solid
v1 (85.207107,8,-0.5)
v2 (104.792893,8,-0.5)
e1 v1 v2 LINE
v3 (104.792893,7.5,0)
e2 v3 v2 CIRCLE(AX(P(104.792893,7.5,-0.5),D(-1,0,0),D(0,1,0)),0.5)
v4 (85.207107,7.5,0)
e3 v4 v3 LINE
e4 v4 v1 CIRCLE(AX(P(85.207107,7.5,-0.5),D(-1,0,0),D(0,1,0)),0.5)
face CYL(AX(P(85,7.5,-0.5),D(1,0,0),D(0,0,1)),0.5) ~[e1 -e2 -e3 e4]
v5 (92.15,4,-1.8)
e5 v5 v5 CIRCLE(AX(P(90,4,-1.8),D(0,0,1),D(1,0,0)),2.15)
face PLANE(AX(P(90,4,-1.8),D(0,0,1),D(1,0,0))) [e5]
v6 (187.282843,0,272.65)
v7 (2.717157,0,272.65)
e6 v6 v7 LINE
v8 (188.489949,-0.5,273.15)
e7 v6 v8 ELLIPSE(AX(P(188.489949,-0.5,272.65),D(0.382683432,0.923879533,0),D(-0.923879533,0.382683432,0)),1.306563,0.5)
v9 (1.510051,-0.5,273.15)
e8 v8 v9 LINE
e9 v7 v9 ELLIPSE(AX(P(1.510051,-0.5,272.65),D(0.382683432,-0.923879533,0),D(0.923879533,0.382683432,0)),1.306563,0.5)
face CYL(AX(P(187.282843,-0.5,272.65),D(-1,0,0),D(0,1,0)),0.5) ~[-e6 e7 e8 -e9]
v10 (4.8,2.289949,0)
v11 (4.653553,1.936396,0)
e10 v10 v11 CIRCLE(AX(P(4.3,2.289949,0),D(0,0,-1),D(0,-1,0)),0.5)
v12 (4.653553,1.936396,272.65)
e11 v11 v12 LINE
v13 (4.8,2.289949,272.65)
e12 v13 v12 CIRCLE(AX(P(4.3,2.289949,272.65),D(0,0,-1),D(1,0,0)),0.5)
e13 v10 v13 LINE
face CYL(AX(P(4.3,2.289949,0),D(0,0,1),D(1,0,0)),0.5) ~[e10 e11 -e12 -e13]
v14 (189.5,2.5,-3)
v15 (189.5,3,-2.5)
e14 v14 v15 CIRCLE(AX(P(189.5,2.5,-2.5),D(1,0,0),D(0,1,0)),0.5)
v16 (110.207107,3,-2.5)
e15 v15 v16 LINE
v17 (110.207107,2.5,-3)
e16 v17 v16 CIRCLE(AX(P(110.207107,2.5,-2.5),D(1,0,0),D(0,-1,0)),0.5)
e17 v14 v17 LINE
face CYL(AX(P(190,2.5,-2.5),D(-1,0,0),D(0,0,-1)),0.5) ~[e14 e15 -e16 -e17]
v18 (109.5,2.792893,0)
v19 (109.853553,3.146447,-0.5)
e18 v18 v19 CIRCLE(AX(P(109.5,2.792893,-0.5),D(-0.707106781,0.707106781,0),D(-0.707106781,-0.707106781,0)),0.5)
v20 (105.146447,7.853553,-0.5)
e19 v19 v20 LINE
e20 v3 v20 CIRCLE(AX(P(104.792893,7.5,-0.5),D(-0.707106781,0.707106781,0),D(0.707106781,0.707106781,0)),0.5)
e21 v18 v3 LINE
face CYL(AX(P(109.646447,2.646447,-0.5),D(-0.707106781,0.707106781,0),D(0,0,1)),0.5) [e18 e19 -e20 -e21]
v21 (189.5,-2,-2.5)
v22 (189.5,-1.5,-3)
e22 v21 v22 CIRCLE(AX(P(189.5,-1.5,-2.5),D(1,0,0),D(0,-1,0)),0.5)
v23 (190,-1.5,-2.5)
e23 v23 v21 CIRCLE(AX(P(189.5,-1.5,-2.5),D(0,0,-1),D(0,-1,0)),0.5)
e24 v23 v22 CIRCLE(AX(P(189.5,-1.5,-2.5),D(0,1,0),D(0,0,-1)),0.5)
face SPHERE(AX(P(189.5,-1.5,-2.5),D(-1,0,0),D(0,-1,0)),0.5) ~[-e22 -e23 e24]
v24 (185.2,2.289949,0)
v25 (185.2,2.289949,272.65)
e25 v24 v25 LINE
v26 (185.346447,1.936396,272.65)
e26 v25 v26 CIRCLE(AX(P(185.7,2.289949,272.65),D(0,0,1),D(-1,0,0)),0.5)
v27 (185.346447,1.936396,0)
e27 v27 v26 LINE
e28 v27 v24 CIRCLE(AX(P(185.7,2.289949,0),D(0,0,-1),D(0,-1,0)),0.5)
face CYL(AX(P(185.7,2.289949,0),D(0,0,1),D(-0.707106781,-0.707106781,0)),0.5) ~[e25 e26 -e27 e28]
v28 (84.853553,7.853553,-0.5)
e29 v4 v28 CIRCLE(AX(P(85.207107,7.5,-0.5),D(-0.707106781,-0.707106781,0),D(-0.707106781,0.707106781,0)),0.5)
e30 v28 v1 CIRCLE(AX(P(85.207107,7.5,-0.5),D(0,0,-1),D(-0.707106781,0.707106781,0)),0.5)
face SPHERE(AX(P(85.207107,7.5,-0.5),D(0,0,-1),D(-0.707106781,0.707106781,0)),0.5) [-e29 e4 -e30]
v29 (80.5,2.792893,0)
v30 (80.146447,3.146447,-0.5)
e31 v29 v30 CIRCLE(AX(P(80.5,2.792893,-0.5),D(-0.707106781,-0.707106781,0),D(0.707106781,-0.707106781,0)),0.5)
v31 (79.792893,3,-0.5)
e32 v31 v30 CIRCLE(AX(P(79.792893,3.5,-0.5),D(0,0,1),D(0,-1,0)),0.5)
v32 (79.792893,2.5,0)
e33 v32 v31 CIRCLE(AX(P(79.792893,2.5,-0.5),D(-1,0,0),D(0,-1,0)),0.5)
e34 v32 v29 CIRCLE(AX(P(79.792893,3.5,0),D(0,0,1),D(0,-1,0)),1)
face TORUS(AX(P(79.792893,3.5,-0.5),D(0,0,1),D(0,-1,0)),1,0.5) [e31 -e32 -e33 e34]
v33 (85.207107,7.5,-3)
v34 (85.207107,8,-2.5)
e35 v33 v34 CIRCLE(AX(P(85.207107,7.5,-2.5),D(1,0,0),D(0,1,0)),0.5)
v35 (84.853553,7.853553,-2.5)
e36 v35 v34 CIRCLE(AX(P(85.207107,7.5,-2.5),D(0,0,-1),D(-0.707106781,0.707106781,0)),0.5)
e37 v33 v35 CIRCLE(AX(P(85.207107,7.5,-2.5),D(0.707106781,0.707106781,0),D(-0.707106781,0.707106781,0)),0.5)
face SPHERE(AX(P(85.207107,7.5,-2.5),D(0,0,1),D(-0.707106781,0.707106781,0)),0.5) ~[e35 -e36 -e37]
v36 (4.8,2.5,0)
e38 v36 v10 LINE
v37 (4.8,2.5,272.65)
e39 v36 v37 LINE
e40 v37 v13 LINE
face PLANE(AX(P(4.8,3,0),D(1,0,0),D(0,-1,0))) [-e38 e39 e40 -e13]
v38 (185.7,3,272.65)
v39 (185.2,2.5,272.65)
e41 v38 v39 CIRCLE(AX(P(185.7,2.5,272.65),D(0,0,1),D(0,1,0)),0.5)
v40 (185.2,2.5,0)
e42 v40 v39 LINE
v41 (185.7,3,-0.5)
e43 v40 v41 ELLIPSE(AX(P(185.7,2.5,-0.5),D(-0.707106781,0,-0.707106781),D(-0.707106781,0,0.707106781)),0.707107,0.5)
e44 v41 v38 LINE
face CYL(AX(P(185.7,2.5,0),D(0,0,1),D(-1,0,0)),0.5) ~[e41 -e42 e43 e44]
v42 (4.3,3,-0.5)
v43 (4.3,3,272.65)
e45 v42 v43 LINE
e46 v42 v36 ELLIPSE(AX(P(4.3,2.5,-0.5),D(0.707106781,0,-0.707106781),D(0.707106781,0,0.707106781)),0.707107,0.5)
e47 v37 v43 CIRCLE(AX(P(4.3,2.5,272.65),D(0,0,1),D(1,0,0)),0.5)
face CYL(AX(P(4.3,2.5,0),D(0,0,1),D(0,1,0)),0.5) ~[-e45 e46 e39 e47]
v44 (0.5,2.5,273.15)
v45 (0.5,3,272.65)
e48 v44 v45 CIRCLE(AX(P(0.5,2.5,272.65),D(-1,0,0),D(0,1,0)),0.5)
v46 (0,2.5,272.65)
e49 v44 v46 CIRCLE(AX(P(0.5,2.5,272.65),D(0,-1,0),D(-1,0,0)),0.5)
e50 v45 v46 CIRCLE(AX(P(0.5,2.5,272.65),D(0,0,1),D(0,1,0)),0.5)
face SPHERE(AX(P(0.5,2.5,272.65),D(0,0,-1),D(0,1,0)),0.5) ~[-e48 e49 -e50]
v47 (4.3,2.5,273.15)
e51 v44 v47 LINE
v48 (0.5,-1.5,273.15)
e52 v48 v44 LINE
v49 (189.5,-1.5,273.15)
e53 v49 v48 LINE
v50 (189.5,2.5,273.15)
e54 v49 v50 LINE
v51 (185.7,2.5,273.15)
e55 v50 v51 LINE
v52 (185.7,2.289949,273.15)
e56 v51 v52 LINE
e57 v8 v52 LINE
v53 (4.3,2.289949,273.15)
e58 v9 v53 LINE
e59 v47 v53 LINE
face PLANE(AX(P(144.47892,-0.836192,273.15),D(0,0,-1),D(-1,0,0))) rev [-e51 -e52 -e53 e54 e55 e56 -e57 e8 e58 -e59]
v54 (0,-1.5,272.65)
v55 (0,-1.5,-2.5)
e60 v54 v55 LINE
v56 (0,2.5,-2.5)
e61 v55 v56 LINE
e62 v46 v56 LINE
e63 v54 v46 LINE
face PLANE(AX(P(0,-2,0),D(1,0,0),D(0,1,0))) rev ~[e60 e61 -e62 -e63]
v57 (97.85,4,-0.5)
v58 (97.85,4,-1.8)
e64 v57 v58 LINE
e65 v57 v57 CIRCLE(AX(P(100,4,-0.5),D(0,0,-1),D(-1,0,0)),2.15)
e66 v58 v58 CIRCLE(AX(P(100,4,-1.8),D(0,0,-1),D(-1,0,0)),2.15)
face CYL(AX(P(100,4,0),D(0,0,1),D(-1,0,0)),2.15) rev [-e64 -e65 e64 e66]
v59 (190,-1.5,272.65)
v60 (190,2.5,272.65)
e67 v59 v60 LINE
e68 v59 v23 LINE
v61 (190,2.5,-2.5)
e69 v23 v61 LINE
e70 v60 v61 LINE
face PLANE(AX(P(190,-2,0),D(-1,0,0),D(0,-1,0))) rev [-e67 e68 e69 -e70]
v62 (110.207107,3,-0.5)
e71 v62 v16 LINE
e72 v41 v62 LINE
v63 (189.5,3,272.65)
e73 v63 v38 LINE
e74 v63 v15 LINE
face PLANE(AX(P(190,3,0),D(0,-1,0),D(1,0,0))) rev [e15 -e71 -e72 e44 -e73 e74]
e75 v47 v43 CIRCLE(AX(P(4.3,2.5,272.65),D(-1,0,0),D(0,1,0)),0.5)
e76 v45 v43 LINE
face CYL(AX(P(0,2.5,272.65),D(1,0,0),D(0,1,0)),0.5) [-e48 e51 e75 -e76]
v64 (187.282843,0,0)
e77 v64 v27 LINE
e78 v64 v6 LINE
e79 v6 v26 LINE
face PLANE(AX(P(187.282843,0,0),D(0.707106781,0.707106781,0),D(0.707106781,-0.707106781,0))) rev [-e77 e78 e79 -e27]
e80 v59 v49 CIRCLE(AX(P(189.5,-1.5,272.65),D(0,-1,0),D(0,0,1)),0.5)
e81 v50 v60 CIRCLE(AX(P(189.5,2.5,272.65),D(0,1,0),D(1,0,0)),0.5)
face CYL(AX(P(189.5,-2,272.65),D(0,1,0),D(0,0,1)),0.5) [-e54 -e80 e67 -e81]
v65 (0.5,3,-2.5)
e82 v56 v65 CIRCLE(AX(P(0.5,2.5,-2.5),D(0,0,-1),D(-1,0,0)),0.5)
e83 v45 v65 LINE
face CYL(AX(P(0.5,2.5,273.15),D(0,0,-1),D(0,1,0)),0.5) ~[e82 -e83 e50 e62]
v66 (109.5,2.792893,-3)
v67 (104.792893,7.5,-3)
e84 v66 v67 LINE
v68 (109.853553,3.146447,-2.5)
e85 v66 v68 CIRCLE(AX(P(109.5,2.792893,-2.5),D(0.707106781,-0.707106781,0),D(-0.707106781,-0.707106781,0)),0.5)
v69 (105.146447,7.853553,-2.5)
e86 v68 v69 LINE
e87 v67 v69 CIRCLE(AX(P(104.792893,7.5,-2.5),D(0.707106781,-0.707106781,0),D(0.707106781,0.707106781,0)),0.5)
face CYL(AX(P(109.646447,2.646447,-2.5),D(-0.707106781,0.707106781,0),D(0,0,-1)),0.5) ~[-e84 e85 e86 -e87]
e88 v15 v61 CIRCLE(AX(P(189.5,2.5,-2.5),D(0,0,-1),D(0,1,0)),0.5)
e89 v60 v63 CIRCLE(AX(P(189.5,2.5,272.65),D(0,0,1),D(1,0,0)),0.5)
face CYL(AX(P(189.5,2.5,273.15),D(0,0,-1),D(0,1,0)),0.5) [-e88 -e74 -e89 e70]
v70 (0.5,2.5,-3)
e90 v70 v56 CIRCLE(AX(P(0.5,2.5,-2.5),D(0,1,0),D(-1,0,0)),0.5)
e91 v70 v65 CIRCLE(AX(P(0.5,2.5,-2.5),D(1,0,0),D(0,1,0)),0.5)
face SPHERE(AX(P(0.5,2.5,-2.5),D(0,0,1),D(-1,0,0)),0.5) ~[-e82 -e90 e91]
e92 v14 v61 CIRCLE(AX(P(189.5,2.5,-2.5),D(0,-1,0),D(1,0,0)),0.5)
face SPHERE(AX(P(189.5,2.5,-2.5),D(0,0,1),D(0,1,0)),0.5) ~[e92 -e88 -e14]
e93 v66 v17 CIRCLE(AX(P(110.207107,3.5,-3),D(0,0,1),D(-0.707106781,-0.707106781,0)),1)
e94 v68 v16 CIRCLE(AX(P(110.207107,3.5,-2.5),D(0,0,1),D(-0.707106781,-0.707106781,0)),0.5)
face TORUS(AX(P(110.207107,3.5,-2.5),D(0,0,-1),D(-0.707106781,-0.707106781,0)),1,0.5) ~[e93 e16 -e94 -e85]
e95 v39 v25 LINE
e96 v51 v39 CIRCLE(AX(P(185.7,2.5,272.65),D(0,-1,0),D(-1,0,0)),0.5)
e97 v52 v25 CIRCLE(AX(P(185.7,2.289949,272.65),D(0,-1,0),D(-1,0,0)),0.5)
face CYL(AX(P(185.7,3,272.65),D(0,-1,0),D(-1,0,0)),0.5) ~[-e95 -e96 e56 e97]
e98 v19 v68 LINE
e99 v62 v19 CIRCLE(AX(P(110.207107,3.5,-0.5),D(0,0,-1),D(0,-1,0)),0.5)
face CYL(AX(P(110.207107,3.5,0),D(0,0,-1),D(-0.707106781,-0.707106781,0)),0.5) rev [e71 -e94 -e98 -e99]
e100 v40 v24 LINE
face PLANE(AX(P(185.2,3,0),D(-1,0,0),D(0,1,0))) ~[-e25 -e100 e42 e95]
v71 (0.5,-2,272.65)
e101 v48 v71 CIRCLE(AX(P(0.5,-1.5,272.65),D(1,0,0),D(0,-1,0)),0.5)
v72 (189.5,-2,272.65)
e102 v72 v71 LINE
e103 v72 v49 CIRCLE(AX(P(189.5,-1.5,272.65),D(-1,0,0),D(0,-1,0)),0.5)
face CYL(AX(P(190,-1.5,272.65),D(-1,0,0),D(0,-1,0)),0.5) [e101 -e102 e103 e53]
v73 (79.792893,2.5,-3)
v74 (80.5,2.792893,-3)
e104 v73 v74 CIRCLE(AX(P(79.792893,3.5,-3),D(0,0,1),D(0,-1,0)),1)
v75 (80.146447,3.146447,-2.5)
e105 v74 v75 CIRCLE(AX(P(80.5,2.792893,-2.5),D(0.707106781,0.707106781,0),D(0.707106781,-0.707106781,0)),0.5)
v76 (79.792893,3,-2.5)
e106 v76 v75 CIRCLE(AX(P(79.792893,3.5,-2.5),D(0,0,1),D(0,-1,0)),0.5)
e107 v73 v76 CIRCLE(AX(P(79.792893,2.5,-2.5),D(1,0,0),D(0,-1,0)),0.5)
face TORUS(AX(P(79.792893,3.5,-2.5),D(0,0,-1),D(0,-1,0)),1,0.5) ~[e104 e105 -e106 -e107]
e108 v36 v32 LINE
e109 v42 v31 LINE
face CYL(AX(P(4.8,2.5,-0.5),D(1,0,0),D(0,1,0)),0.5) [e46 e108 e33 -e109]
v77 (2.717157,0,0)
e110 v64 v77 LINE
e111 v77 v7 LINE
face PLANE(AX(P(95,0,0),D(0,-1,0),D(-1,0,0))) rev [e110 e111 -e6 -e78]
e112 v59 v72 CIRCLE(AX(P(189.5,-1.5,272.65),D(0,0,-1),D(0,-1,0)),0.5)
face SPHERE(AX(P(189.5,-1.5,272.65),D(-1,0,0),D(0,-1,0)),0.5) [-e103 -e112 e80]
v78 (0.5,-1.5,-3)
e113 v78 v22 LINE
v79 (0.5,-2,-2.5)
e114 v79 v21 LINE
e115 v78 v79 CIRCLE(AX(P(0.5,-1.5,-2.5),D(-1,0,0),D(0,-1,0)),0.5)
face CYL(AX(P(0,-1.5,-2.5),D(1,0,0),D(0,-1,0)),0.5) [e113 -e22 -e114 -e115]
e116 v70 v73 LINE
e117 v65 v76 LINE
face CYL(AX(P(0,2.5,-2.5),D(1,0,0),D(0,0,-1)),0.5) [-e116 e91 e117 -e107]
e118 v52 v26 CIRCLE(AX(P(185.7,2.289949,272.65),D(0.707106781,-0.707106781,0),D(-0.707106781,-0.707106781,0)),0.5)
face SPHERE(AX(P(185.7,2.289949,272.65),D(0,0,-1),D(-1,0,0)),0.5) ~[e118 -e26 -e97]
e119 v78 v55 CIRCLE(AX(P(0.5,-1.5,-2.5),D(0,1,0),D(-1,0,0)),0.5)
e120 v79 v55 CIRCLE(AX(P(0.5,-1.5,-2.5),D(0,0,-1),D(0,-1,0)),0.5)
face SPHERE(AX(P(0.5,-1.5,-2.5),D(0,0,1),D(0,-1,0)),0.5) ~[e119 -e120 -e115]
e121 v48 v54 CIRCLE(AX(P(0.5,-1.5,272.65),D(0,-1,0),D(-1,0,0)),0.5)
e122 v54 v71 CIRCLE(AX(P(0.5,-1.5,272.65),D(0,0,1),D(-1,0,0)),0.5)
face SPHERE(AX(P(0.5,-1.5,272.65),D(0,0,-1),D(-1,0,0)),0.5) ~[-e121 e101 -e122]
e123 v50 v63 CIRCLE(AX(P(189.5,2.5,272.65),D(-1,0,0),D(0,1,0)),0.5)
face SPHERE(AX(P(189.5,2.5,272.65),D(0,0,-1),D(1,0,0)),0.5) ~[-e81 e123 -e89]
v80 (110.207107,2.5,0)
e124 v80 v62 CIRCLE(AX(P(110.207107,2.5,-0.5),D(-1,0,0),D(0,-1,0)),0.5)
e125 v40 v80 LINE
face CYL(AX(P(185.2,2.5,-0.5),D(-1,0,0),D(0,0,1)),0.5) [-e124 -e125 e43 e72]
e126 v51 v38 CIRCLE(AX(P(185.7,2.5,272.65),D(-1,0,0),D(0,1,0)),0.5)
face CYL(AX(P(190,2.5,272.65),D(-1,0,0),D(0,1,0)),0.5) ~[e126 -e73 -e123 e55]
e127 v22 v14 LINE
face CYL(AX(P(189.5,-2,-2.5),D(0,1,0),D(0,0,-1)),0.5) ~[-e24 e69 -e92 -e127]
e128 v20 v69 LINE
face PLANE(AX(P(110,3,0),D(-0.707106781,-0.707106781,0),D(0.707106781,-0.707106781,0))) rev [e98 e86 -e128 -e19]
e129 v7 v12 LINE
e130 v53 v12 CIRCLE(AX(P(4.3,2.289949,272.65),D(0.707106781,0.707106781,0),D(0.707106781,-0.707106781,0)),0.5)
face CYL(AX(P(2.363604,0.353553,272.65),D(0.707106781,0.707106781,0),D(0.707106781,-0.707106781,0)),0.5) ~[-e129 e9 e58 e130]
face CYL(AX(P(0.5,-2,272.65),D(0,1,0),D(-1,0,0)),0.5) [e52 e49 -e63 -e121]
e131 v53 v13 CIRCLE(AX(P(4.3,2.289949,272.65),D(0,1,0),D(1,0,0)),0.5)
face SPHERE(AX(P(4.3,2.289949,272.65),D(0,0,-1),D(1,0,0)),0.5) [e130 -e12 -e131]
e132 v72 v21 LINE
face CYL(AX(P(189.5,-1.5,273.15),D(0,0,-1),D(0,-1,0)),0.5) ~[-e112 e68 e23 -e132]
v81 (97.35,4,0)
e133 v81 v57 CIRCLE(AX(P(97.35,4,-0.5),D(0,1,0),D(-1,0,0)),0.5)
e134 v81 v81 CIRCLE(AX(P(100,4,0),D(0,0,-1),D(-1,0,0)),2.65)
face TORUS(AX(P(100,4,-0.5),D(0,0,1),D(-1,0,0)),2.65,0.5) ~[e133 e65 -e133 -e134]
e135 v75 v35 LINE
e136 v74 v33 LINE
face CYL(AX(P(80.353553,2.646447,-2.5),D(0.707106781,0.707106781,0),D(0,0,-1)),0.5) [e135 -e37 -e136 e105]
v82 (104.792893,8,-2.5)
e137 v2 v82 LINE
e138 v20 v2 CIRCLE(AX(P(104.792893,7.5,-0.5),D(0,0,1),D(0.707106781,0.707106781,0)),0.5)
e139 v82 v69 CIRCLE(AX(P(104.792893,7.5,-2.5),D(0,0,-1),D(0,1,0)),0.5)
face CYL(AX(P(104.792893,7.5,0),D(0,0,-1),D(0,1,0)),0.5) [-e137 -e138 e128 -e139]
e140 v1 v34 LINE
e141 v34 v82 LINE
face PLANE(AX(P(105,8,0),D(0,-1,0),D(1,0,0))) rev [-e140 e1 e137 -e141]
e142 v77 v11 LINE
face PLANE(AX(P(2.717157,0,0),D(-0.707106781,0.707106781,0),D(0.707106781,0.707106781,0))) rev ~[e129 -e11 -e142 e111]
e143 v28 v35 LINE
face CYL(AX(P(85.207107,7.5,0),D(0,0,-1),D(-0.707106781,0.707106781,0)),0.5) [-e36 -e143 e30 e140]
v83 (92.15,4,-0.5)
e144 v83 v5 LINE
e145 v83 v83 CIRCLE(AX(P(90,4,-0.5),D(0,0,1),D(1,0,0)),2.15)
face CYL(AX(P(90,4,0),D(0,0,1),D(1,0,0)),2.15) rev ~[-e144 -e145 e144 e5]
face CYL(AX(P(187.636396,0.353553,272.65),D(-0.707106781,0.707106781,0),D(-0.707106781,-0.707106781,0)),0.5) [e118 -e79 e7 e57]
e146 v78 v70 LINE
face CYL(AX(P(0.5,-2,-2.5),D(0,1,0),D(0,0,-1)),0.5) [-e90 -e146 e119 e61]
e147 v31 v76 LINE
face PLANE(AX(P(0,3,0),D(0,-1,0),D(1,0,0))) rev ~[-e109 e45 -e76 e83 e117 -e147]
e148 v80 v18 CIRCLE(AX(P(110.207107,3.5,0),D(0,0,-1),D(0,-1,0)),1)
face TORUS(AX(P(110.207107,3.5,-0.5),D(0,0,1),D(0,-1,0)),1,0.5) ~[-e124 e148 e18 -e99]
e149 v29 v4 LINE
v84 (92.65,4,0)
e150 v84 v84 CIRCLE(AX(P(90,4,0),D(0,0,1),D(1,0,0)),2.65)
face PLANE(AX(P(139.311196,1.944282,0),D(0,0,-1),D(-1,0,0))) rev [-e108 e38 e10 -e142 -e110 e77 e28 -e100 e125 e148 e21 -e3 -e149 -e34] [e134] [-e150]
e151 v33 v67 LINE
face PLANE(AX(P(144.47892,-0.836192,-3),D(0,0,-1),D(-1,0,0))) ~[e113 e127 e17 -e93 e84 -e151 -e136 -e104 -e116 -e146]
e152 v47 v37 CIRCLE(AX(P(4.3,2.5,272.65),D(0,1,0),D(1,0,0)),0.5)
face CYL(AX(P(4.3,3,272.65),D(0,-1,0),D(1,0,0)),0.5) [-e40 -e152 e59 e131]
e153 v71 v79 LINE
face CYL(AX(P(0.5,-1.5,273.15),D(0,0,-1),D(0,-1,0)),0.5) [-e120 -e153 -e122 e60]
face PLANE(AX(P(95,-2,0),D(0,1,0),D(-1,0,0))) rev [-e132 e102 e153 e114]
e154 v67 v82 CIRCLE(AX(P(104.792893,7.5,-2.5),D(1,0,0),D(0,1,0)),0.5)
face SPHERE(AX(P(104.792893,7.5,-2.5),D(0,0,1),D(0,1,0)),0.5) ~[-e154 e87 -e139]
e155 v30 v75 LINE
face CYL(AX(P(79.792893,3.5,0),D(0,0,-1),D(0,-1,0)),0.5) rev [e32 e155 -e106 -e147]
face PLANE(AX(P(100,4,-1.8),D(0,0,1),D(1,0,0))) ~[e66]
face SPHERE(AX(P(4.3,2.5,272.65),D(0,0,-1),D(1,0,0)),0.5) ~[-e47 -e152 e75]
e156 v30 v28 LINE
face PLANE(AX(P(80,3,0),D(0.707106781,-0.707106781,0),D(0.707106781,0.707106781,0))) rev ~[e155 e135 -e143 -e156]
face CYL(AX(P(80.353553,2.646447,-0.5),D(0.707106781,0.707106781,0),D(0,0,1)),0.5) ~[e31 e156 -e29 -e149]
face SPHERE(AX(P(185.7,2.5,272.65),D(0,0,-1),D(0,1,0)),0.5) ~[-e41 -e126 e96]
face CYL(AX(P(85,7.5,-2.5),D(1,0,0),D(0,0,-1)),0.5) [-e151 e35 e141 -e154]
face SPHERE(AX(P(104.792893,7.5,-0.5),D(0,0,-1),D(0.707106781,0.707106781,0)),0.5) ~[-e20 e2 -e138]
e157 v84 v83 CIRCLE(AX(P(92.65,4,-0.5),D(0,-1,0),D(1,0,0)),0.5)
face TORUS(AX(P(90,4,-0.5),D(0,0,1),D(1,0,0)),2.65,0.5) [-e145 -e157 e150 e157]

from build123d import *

# Parameters (mm, degrees)
BOSS_EXTRUDE1_DEPTH = 273.15
SKETCH1_3_R         = 2.15
BOSS_EXTRUDE2_DEPTH = 3
SKETCH1_5_R         = 2.15
CUT_EXTRUDE1_DEPTH  = 1.8
FILLET1_R           = 0.5


with BuildPart() as part:
    # Sketch1 → Boss-Extrude1 (new body)
    with BuildSketch(Plane.XY):
        Polygon((2.717157288, 0), (3, 0), (95, 0), (95, -2), (0, -2), (0, 3), (4.8, 3), (4.8, 2.082842712), (2.858578644, 0.141421356), align=None)
    extrude(amount=BOSS_EXTRUDE1_DEPTH)

    # Sketch1<3> → Boss-Extrude2 (add)
    # profile 1 of 3: a face of its own
    with BuildSketch(Plane.XY):
        Polygon((2.717157288, 0), (3, 0), (95, 0), (95, -2), (0, -2), (0, 3), (4.8, 3), (4.8, 2.082842712), (2.858578644, 0.141421356), align=None)
    # profile 2 of 3: a face of its own
    with BuildSketch(Plane.XY):
        Polygon((95, 8), (95, 3), (95, 0), (3, 0), (2.717157288, 0), (2.858578644, 0.141421356), (4.8, 2.082842712), (4.8, 3), (80, 3), (85, 8), align=None)
        with Locations((90, 4)):
            Circle(SKETCH1_3_R, mode=Mode.SUBTRACT)
    # profile 3 of 3: a face of its own
    with BuildSketch(Plane.XY):
        with Locations((90, 4)):
            Circle(SKETCH1_3_R)
    extrude(amount=-BOSS_EXTRUDE2_DEPTH)

    # Sketch1<5> → Cut-Extrude1 (cut)
    with BuildSketch(Plane.XY):
        with Locations((90, 4)):
            Circle(SKETCH1_5_R)
    extrude(amount=-CUT_EXTRUDE1_DEPTH, mode=Mode.SUBTRACT)

    # Mirror1: part across plane


with BuildPart() as part_1:
    add(part.part)
    add(part.part.mirror(Plane(origin=(95, 0, 273.15), x_dir=(0, 0, 1), z_dir=(-1, 0, 0))))

    # Fillet1
    fillet1_edges = [part_1.edges().sort_by_distance(p)[0] for p in [
        (3.758578644, 1.041421356, 273.15),
        (0, -2, 135.075),
        (0, 3, 135.075),
        (4.8, 3, 136.575),
        (4.8, 2.082842712, 136.575),
        (4.8, 2.541421356, 273.15),
        (2.4, 3, 273.15),
        (42.4, 3, 0),
        (0, 0.5, 273.15),
        (82.5, 5.5, 0),
        (80, 3, -1.5),
        (95, 8, 0),
        (85, 8, -1.5),
        (95, -2, -3),
        (0, 0.5, -3),
        (40, 3, -3),
        (82.5, 5.5, -3),
        (95, 8, -3),
        (95, -2, 273.15),
        (87.85, 4, 0),
        (185.2, 2.082842712, 136.575),
        (185.2, 3, 136.575),
        (190, 3, 135.075),
        (150, 3, -3),
        (110, 3, -1.5),
        (190, -2, 135.075),
        (190, 0.5, -3),
        (95, 0, 273.15),
        (190, 0.5, 273.15),
        (187.6, 3, 273.15),
        (185.2, 2.541421356, 273.15),
        (186.241421356, 1.041421356, 273.15),
        (107.5, 5.5, -3),
        (105, 8, -1.5),
        (102.15, 4, 0),
        (147.6, 3, 0),
        (107.5, 5.5, 0),
    ]]
    fillet(fillet1_edges, radius=FILLET1_R)


solid = part_1.part
